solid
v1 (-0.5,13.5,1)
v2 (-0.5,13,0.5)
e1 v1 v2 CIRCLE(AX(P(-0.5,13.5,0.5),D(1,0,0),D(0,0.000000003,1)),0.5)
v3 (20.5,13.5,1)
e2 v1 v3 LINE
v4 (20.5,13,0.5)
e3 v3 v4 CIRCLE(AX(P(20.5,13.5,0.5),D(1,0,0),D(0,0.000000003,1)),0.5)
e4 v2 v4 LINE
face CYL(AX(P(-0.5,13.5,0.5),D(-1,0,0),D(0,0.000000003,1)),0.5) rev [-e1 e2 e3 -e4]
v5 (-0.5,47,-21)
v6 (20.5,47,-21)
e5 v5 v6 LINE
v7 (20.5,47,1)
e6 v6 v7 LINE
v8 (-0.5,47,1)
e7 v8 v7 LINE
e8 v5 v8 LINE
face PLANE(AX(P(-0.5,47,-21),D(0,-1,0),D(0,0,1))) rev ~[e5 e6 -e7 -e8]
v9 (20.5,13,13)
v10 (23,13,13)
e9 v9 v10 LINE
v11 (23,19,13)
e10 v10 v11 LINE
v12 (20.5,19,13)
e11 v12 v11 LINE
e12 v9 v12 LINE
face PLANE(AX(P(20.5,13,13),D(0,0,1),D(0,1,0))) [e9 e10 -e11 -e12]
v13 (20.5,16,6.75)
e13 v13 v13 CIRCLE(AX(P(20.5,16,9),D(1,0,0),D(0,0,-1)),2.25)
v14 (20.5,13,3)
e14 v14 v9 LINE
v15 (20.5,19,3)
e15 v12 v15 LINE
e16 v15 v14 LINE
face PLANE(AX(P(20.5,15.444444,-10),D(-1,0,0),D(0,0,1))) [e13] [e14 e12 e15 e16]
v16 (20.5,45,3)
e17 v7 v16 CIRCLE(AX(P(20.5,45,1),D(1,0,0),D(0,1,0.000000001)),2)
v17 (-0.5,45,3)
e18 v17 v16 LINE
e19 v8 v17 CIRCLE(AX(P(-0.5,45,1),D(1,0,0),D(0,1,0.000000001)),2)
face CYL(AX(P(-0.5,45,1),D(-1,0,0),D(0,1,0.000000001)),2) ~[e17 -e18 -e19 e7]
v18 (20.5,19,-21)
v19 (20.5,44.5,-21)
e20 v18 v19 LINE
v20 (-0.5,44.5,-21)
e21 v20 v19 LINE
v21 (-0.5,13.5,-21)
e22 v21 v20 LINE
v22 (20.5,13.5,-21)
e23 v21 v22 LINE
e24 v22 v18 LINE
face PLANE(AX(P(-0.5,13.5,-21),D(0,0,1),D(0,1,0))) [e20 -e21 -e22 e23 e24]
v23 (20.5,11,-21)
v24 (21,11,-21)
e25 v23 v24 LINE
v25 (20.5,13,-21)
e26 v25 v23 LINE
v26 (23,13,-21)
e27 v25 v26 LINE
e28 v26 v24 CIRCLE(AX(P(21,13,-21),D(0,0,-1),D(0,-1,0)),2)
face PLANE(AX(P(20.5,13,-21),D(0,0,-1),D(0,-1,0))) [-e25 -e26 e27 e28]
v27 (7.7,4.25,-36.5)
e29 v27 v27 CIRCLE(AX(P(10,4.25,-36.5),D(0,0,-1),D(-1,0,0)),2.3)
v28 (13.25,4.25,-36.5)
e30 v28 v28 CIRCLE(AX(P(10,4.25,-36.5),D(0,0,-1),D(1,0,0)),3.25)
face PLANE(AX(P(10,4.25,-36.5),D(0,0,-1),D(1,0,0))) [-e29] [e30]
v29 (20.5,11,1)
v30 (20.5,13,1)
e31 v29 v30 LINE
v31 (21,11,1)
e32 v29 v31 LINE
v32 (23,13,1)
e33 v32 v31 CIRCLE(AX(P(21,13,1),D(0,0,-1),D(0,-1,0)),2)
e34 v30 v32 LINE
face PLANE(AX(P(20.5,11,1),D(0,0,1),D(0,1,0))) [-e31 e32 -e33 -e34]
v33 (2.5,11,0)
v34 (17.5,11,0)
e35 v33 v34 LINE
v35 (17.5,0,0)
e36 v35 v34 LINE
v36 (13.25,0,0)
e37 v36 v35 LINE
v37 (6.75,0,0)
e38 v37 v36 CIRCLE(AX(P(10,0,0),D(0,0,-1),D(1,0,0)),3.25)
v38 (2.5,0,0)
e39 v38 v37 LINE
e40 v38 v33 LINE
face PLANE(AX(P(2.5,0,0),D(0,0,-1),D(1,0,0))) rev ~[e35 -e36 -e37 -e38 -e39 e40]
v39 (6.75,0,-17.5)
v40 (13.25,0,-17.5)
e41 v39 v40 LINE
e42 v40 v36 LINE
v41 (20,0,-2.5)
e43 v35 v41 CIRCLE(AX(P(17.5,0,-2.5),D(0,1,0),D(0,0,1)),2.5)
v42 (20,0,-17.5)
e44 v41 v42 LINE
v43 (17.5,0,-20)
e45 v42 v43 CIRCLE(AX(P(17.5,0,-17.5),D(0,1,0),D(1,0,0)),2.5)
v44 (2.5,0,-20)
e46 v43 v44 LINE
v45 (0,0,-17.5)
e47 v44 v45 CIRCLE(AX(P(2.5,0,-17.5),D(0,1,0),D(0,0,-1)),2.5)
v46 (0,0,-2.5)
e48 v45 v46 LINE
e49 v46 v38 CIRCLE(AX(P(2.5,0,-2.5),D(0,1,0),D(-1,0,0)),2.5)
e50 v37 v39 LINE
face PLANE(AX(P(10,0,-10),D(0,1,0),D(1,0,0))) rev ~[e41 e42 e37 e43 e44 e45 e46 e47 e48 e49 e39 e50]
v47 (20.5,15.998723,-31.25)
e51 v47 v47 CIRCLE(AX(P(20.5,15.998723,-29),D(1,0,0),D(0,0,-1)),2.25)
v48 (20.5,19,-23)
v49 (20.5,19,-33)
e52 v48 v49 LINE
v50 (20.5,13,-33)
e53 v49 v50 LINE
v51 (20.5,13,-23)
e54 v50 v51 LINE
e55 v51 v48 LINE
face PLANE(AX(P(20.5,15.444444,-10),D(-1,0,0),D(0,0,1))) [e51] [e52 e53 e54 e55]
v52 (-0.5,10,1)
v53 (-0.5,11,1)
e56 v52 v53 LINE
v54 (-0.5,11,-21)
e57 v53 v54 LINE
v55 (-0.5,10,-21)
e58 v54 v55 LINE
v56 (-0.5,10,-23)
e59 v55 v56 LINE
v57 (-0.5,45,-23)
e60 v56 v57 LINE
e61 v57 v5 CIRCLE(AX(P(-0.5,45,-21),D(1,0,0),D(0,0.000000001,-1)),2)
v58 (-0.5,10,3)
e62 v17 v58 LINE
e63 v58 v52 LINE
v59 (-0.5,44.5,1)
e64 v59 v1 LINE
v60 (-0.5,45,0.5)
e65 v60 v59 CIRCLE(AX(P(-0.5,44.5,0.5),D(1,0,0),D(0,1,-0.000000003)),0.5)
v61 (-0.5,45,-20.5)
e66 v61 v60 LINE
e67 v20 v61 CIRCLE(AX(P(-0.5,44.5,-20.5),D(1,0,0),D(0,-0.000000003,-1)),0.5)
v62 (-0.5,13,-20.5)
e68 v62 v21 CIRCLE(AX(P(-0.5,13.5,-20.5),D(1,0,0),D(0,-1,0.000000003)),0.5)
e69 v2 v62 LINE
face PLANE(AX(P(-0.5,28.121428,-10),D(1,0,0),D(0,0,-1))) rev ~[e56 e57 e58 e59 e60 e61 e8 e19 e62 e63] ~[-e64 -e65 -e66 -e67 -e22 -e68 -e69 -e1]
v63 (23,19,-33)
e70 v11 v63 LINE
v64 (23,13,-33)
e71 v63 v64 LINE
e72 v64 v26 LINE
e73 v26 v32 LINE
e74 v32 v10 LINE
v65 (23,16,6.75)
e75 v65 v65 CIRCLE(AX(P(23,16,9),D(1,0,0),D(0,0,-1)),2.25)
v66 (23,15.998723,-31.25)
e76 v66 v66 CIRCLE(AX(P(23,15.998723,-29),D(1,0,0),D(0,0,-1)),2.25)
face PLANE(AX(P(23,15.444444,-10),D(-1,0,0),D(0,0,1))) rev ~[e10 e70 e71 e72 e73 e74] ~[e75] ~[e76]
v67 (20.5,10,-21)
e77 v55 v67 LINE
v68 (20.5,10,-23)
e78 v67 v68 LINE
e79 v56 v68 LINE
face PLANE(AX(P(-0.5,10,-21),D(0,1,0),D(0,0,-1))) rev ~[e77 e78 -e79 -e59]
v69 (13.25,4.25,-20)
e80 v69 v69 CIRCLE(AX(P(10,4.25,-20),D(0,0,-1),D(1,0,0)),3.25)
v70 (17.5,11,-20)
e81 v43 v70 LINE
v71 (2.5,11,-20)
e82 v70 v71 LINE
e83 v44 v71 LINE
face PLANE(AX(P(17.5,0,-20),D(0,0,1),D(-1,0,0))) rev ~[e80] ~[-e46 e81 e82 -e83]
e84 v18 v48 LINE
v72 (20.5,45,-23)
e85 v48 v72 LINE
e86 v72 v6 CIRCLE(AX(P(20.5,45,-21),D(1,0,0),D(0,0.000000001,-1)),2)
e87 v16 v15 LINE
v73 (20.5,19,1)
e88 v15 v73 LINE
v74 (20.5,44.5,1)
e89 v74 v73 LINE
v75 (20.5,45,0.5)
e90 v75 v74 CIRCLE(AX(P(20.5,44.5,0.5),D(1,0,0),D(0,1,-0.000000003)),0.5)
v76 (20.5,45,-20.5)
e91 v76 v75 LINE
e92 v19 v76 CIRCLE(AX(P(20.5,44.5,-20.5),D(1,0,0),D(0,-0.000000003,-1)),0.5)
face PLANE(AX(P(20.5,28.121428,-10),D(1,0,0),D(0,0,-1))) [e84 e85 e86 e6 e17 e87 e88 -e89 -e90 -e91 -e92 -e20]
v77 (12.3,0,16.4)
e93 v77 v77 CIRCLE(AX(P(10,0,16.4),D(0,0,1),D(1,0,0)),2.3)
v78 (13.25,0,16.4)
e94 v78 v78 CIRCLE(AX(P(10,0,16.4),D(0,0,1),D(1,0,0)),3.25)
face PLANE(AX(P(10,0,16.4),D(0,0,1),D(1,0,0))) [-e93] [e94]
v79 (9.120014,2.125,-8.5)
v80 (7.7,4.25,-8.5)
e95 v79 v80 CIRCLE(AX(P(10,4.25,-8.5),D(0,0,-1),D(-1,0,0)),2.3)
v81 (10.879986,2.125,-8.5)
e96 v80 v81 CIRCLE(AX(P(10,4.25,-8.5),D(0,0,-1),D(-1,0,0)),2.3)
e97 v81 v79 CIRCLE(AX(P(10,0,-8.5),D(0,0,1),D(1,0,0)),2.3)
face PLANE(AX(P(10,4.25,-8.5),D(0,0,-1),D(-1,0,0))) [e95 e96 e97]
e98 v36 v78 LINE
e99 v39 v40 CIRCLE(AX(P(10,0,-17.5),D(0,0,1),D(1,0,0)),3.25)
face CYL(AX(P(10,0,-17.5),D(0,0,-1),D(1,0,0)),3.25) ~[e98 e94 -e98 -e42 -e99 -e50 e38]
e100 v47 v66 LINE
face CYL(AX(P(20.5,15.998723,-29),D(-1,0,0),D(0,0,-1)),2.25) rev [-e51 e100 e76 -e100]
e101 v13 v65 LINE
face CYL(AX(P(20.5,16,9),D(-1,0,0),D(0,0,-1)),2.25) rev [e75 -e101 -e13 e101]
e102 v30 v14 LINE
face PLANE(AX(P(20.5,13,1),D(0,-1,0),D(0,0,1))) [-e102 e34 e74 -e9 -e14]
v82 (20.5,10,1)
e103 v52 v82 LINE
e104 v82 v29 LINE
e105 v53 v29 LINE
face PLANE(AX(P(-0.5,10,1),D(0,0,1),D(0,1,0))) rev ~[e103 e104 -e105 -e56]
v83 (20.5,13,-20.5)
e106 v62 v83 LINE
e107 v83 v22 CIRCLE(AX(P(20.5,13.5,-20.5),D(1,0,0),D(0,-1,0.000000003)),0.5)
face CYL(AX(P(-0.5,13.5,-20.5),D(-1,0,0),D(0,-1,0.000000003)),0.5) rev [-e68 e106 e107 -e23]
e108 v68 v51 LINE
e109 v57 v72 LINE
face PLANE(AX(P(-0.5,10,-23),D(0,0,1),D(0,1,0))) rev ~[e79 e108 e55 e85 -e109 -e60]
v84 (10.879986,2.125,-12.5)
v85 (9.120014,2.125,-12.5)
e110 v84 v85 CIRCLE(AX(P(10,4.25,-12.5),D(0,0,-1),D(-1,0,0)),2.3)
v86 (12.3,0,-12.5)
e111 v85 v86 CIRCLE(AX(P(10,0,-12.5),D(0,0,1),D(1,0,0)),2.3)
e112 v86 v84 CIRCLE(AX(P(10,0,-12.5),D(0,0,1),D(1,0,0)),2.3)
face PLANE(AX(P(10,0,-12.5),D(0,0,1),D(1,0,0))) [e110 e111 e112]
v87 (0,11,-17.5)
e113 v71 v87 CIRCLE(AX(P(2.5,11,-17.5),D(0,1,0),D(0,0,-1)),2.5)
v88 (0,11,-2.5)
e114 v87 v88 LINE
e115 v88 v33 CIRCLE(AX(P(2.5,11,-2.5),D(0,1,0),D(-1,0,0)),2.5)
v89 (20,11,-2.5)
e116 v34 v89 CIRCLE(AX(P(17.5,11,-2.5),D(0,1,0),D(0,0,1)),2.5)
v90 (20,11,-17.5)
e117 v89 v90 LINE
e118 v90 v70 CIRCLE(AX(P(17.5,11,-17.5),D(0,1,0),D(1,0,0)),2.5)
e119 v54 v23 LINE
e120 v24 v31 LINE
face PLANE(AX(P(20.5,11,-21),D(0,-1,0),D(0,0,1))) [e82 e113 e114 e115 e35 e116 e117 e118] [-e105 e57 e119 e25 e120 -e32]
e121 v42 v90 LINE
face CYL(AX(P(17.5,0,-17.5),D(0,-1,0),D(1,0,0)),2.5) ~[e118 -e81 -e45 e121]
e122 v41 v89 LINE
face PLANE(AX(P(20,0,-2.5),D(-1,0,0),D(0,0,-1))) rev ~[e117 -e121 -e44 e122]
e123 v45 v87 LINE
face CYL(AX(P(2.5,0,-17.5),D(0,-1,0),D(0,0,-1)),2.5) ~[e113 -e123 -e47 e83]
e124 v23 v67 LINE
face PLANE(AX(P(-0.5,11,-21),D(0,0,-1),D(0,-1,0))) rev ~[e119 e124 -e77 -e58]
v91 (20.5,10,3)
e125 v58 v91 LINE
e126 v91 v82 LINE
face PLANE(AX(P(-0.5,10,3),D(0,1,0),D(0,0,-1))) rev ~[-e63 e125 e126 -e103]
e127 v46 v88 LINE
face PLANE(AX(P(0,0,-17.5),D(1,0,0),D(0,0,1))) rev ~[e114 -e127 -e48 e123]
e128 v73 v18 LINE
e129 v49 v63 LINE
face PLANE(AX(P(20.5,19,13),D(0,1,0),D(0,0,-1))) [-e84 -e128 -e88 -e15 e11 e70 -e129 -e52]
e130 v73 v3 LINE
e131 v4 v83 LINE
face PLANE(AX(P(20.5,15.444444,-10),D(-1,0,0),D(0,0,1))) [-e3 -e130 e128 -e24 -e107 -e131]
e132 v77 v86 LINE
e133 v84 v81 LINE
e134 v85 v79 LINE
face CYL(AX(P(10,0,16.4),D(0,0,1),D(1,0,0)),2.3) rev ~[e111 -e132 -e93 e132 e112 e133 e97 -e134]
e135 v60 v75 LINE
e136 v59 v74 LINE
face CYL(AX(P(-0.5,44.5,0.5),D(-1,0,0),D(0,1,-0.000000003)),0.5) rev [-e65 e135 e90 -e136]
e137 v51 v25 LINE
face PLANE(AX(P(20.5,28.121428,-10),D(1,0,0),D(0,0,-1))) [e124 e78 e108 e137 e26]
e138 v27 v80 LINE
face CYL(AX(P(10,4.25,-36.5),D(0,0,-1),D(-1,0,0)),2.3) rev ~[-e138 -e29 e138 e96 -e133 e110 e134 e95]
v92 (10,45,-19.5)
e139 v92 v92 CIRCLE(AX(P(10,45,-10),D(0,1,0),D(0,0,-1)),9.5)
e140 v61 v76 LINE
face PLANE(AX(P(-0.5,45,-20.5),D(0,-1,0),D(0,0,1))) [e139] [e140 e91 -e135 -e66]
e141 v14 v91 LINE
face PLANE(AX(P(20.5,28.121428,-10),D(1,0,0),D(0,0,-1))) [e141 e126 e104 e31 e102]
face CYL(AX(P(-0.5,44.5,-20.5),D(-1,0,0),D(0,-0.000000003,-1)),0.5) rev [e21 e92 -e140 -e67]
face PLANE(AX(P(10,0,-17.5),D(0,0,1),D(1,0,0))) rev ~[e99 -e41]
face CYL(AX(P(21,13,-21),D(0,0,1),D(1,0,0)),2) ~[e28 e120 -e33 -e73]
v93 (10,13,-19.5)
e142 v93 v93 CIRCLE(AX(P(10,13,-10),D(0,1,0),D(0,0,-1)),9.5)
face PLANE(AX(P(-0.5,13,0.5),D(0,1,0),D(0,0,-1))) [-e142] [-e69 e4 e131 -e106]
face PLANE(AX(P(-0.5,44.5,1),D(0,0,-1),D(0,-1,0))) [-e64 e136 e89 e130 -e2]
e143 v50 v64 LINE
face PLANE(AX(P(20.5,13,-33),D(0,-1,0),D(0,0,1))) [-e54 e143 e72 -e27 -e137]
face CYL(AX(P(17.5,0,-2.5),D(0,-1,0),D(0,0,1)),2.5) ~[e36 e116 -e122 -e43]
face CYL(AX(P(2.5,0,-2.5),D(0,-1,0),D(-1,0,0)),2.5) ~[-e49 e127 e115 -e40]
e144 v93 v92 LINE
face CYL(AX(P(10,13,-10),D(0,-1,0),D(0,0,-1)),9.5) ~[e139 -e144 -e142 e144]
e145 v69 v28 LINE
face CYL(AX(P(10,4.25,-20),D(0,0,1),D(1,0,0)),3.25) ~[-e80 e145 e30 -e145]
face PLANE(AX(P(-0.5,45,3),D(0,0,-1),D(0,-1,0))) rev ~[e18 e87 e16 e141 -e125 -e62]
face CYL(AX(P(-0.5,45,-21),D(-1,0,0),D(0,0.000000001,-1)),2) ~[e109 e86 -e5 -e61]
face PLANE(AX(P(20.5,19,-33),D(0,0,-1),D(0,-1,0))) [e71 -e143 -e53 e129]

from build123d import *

# Parameters (mm, degrees)
BOSS_EXTRUDE1_DEPTH      = 11
BOSS_EXTRUDE2_DEPTH      = 16.4
BOSS_EXTRUDE2_DEPTH_BACK = 17.5
SKETCH2_R                = 3.25
SKETCH3_R                = 2.3
CUT_EXTRUDE1_DEPTH       = 28.9
SKETCH4_R                = 3.25
BOSS_EXTRUDE3_DEPTH      = 16.5
SKETCH5_R                = 2.3
CUT_EXTRUDE2_DEPTH       = 28
BOSS_EXTRUDE4_START      = -20.5
BOSS_EXTRUDE4_DEPTH      = 21
SKETCH8_R                = 9.5
BOSS_EXTRUDE5_DEPTH      = 32
SKETCH10_R               = 2.25
BOSS_EXTRUDE6_DEPTH      = 2.5
FILLET1_R                = 2


with BuildPart() as part:
    # Sketch1 → Boss-Extrude1 (new body)
    with BuildSketch(Plane(origin=(0, 0, 0), x_dir=(1, 0, 0), z_dir=(0, 1, 0))):
        with BuildLine():
            Line((2.5, 0), (17.5, 0))
            ThreePointArc((17.5, 0), (19.267766953, 0.732233047), (20, 2.5))
            Line((20, 2.5), (20, 17.5))
            ThreePointArc((20, 17.5), (19.267766953, 19.267766953), (17.5, 20))
            Line((17.5, 20), (2.5, 20))
            ThreePointArc((2.5, 20), (0.732233047, 19.267766953), (0, 17.5))
            Line((0, 17.5), (0, 2.5))
            ThreePointArc((0, 2.5), (0.732233047, 0.732233047), (2.5, 0))
        make_face()
    extrude(amount=BOSS_EXTRUDE1_DEPTH)

    # Sketch2 → Boss-Extrude2 (add, two sides: drawn at the far end of the back side and taken through both)
    with BuildSketch(Plane.XY.offset(-BOSS_EXTRUDE2_DEPTH_BACK)):
        with Locations((10, 0)):
            Circle(SKETCH2_R)
    extrude(amount=BOSS_EXTRUDE2_DEPTH + BOSS_EXTRUDE2_DEPTH_BACK)

    # Sketch3 → Cut-Extrude1 (cut)
    with BuildSketch(Plane.XY.offset(16.4)):
        with Locations((10, 0)):
            Circle(SKETCH3_R)
    extrude(amount=-CUT_EXTRUDE1_DEPTH, mode=Mode.SUBTRACT)

    # Sketch4 → Boss-Extrude3 (add)
    with BuildSketch(Plane(origin=(0, 0, -20), x_dir=(-1, 0, 0), z_dir=(0, 0, -1))):
        with Locations(Location((-10, 4.25, 0), (0, 0, 180))):
            Circle(SKETCH4_R)
    extrude(amount=BOSS_EXTRUDE3_DEPTH)

    # Sketch5 → Cut-Extrude2 (cut)
    with BuildSketch(Plane(origin=(0, 0, -36.5), x_dir=(-1, 0, 0), z_dir=(0, 0, -1))):
        with Locations((-10, 4.25)):
            Circle(SKETCH5_R)
    extrude(amount=-CUT_EXTRUDE2_DEPTH, mode=Mode.SUBTRACT)

    # Sketch7 → Boss-Extrude4 (add)
    with BuildSketch(Plane(origin=(20, 0, 0), x_dir=(0, 0, -1), z_dir=(1, 0, 0)).offset(BOSS_EXTRUDE4_START)):
        with BuildLine():
            Line((-1, 11), (21, 11))
            Line((21, 11), (21, 10))
            Line((21, 10), (23, 10))
            Line((23, 10), (23, 45))
            ThreePointArc((23, 45), (22.414213562, 46.414213562), (21, 47))
            Line((21, 47), (-1, 47))
            ThreePointArc((-1, 47), (-2.414213562, 46.414213562), (-3, 45))
            Line((-3, 45), (-3, 10))
            Line((-3, 10), (-1, 10))
            Line((-1, 10), (-1, 11))
        make_face()
        with BuildLine():
            Line((-0.5, 13), (20.5, 13))
            ThreePointArc((20.5, 13), (20.853553391, 13.146446609), (21, 13.5))
            Line((21, 13.5), (21, 44.5))
            ThreePointArc((21, 44.5), (20.853553391, 44.853553391), (20.5, 45))
            Line((20.5, 45), (-0.5, 45))
            ThreePointArc((-0.5, 45), (-0.853553391, 44.853553391), (-1, 44.5))
            Line((-1, 44.5), (-1, 13.5))
            ThreePointArc((-1, 13.5), (-0.853553391, 13.146446609), (-0.5, 13))
        make_face(mode=Mode.SUBTRACT)
    extrude(amount=BOSS_EXTRUDE4_DEPTH)

    # Sketch8 → Boss-Extrude5 (add)
    with BuildSketch(Plane(origin=(0, 13, 0), x_dir=(1, 0, 0), z_dir=(0, 1, 0))):
        with Locations(Location((10, 10, 0), (0, 0, 90))):
            Circle(SKETCH8_R)
    extrude(amount=BOSS_EXTRUDE5_DEPTH)

    # Sketch10 → Boss-Extrude6 (add)
    with BuildSketch(Plane(origin=(20.5, 0, 0), x_dir=(0, 0, -1), z_dir=(1, 0, 0))):
        Polygon((-13, 19), (33, 19), (33, 13), (21, 13), (21, 11), (-1, 11), (-1, 13), (-13, 13), align=None)
        with Locations((-9, 16)):
            Circle(SKETCH10_R, mode=Mode.SUBTRACT)
        with Locations((28.999999979, 15.998723468)):
            Circle(SKETCH10_R, mode=Mode.SUBTRACT)
    extrude(amount=BOSS_EXTRUDE6_DEPTH)

    # Fillet1
    fillet1_edges = [part.edges().sort_by_distance(p)[0] for p in [
        (23, 11, -10),
    ]]
    fillet(fillet1_edges, radius=FILLET1_R)


solid = part.part
